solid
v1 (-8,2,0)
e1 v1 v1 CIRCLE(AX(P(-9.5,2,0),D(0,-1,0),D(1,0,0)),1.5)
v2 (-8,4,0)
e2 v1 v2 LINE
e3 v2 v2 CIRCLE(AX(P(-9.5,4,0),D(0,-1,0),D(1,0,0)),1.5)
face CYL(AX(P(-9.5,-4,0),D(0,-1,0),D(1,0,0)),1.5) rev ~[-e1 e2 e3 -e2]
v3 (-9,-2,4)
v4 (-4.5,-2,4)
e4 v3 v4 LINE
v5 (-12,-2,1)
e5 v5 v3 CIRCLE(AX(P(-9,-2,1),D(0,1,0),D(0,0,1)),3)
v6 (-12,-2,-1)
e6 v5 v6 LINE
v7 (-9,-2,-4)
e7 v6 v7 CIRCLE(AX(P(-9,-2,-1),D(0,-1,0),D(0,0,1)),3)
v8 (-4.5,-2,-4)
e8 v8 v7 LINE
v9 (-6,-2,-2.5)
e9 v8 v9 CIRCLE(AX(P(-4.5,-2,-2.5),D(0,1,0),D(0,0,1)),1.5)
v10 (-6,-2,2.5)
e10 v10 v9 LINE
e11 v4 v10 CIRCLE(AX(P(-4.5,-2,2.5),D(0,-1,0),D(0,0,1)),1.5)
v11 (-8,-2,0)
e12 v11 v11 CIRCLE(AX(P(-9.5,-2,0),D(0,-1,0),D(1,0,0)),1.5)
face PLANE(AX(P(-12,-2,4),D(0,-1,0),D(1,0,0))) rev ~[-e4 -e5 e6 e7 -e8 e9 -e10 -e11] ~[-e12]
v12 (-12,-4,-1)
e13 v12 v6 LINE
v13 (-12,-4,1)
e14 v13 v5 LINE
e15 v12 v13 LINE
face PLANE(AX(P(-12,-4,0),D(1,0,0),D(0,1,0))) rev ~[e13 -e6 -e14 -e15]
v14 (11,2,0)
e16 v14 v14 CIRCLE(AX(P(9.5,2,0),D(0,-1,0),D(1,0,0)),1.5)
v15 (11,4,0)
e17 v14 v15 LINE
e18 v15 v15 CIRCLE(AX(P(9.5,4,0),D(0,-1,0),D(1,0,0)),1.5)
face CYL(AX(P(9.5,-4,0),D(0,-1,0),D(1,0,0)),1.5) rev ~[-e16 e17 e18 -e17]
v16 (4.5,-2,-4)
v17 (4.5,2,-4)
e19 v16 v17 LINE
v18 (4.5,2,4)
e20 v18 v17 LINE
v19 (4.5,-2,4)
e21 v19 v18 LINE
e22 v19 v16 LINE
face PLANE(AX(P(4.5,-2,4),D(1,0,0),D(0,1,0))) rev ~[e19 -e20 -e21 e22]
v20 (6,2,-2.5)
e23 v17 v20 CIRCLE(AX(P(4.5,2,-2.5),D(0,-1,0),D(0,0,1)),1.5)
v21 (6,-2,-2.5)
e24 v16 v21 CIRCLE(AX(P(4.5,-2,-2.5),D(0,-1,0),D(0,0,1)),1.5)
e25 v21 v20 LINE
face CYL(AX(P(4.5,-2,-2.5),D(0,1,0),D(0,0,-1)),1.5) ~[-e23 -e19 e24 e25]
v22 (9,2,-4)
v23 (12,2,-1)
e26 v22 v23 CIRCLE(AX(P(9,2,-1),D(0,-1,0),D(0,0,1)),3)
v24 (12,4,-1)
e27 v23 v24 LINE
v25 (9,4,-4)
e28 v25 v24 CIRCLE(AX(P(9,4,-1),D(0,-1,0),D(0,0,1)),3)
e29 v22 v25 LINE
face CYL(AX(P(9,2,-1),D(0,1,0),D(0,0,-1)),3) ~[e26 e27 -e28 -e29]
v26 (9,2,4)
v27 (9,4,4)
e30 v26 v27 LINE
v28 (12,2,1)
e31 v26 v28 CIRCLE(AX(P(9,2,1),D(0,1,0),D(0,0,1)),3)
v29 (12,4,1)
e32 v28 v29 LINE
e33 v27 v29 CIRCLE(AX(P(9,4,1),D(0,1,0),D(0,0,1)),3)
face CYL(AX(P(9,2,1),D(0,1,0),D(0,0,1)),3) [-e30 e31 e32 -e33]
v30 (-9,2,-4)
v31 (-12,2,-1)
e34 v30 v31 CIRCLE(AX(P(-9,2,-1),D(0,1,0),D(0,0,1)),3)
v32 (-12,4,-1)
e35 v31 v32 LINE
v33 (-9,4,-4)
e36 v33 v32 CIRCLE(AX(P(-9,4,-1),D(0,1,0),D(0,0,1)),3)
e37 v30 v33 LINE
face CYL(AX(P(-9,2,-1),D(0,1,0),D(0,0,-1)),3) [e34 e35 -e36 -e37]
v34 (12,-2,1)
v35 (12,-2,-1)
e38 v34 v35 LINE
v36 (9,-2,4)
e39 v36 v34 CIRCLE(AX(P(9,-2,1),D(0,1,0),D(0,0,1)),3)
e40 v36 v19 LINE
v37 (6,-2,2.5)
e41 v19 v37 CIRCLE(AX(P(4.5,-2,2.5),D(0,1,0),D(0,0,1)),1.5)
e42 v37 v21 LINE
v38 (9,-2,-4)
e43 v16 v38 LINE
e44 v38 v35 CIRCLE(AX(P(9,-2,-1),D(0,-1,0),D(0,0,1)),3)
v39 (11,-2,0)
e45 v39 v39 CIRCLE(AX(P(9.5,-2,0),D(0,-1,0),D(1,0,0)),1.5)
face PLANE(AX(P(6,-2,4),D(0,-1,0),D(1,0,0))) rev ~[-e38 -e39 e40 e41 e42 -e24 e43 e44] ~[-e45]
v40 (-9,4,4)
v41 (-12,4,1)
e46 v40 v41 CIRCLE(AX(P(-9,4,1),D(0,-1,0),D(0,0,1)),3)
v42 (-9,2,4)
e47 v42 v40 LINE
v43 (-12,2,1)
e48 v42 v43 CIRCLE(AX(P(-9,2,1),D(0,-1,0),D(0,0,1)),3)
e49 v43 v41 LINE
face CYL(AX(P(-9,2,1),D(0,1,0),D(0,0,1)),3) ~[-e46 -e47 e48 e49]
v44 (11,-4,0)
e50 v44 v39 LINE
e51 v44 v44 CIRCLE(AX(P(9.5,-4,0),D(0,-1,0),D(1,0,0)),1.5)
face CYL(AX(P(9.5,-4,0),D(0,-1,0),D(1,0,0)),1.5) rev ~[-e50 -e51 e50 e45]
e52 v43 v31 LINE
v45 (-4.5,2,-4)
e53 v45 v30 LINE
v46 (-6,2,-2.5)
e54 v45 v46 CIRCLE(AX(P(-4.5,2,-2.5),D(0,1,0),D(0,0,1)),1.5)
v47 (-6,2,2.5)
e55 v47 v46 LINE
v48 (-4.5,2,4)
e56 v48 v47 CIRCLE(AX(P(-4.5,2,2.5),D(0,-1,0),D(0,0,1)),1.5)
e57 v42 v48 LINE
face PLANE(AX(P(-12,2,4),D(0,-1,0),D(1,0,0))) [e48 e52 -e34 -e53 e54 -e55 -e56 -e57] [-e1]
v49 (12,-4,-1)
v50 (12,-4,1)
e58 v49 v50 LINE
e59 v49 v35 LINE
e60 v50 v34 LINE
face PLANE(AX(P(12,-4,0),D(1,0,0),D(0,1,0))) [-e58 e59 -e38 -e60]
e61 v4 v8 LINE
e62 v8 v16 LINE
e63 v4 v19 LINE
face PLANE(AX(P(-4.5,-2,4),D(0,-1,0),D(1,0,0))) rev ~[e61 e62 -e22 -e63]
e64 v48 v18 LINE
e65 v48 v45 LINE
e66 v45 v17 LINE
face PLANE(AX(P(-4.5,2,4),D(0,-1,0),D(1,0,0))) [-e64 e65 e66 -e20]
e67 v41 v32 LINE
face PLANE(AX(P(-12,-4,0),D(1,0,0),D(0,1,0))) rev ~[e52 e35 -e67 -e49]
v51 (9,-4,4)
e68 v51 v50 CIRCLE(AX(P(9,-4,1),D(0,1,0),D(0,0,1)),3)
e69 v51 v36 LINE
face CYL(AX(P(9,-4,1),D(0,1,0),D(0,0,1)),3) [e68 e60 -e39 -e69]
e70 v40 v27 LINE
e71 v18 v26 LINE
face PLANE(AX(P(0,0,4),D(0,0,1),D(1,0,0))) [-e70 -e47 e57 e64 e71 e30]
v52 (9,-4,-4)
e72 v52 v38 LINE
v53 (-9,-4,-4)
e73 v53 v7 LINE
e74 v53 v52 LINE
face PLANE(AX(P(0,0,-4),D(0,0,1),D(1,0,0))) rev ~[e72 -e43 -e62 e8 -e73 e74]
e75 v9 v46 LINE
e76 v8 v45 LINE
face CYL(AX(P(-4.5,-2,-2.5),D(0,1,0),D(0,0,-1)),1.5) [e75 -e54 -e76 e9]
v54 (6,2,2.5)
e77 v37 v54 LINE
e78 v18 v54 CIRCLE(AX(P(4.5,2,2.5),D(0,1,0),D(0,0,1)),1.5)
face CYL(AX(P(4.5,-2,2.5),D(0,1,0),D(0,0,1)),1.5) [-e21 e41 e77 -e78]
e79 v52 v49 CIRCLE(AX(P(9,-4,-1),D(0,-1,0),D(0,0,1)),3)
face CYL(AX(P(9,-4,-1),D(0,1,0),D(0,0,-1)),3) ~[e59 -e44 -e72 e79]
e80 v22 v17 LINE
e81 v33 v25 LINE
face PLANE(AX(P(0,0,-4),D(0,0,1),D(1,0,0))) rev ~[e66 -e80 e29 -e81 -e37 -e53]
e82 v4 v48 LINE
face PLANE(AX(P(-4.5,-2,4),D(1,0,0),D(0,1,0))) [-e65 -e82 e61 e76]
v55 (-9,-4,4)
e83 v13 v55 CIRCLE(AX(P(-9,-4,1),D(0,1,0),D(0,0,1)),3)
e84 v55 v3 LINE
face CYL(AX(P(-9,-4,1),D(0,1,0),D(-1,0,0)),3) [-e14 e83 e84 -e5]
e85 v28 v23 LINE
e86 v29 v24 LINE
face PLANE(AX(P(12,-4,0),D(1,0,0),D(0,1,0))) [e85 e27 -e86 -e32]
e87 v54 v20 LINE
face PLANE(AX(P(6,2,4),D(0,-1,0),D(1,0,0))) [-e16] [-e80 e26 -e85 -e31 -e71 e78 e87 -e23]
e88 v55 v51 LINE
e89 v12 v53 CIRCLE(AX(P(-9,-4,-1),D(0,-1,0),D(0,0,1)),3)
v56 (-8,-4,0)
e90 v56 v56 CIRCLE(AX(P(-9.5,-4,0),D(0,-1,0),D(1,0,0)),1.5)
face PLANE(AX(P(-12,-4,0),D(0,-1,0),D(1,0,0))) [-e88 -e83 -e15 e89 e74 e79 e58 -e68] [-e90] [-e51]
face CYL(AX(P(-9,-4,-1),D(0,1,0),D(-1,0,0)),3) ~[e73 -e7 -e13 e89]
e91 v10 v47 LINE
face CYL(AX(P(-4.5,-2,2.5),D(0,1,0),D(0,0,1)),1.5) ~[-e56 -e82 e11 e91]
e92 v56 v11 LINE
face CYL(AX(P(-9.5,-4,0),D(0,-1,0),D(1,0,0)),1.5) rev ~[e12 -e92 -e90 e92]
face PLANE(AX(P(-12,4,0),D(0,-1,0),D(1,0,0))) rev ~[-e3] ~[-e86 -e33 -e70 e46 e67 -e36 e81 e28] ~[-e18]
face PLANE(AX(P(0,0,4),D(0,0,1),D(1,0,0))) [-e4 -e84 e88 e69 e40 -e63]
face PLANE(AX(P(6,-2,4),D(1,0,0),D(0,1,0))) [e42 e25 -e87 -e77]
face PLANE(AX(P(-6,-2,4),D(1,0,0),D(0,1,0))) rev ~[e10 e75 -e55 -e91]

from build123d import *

# Parameters (mm, degrees)
F0_W     = 24
F0_H     = 8
F1_DEPTH = 4
F2_W     = 6
F2_H     = 4
F3_DEPTH = 25
F4_R     = 1.5
F5_DEPTH = 25
F6_R     = 3
F7_R     = 1.5
F8_W     = 9
F8_H     = 4
F9_DEPTH = 25


with BuildPart() as f1:
    # F0 (on Top) → F1 (new body, symmetric)
    with BuildSketch(Plane.XY):
        Rectangle(F0_W, F0_H)
    extrude(amount=F1_DEPTH, both=True)

    # F2 (on face) → F3 (cut)
    with BuildSketch(Plane.XY.offset(4)):
        with Locations((-9, 0)):
            Rectangle(F2_W, F2_H)
        with Locations((9, 0)):
            Rectangle(F2_W, F2_H)
    extrude(amount=-F3_DEPTH, mode=Mode.SUBTRACT)

    # F4 (on face) → F5 (cut)
    with BuildSketch(Plane.XZ.offset(4)):
        with Locations((-9.5, 0)):
            Circle(F4_R)
        with Locations((9.5, 0)):
            Circle(F4_R)
    extrude(amount=-F5_DEPTH, mode=Mode.SUBTRACT)

    # F6
    f6_edges = [f1.edges().sort_by_distance(p)[0] for p in [
        (12, -3, 4),
        (12, 3, 4),
        (12, -3, -4),
        (12, 3, -4),
        (-12, -3, 4),
        (-12, 3, 4),
        (-12, -3, -4),
        (-12, 3, -4),
    ]]
    fillet(f6_edges, radius=F6_R)

    # F7
    f7_edges = [f1.edges().sort_by_distance(p)[0] for p in [
        (6, 0, 4),
        (-6, 0, 4),
        (6, 0, -4),
        (-6, 0, -4),
    ]]
    fillet(f7_edges, radius=F7_R)

    # F8 (on face) → F9 (cut)
    with BuildSketch(Plane.XY.offset(4)):
        Rectangle(F8_W, F8_H)
    extrude(amount=-F9_DEPTH, mode=Mode.SUBTRACT)


solid = f1.part
